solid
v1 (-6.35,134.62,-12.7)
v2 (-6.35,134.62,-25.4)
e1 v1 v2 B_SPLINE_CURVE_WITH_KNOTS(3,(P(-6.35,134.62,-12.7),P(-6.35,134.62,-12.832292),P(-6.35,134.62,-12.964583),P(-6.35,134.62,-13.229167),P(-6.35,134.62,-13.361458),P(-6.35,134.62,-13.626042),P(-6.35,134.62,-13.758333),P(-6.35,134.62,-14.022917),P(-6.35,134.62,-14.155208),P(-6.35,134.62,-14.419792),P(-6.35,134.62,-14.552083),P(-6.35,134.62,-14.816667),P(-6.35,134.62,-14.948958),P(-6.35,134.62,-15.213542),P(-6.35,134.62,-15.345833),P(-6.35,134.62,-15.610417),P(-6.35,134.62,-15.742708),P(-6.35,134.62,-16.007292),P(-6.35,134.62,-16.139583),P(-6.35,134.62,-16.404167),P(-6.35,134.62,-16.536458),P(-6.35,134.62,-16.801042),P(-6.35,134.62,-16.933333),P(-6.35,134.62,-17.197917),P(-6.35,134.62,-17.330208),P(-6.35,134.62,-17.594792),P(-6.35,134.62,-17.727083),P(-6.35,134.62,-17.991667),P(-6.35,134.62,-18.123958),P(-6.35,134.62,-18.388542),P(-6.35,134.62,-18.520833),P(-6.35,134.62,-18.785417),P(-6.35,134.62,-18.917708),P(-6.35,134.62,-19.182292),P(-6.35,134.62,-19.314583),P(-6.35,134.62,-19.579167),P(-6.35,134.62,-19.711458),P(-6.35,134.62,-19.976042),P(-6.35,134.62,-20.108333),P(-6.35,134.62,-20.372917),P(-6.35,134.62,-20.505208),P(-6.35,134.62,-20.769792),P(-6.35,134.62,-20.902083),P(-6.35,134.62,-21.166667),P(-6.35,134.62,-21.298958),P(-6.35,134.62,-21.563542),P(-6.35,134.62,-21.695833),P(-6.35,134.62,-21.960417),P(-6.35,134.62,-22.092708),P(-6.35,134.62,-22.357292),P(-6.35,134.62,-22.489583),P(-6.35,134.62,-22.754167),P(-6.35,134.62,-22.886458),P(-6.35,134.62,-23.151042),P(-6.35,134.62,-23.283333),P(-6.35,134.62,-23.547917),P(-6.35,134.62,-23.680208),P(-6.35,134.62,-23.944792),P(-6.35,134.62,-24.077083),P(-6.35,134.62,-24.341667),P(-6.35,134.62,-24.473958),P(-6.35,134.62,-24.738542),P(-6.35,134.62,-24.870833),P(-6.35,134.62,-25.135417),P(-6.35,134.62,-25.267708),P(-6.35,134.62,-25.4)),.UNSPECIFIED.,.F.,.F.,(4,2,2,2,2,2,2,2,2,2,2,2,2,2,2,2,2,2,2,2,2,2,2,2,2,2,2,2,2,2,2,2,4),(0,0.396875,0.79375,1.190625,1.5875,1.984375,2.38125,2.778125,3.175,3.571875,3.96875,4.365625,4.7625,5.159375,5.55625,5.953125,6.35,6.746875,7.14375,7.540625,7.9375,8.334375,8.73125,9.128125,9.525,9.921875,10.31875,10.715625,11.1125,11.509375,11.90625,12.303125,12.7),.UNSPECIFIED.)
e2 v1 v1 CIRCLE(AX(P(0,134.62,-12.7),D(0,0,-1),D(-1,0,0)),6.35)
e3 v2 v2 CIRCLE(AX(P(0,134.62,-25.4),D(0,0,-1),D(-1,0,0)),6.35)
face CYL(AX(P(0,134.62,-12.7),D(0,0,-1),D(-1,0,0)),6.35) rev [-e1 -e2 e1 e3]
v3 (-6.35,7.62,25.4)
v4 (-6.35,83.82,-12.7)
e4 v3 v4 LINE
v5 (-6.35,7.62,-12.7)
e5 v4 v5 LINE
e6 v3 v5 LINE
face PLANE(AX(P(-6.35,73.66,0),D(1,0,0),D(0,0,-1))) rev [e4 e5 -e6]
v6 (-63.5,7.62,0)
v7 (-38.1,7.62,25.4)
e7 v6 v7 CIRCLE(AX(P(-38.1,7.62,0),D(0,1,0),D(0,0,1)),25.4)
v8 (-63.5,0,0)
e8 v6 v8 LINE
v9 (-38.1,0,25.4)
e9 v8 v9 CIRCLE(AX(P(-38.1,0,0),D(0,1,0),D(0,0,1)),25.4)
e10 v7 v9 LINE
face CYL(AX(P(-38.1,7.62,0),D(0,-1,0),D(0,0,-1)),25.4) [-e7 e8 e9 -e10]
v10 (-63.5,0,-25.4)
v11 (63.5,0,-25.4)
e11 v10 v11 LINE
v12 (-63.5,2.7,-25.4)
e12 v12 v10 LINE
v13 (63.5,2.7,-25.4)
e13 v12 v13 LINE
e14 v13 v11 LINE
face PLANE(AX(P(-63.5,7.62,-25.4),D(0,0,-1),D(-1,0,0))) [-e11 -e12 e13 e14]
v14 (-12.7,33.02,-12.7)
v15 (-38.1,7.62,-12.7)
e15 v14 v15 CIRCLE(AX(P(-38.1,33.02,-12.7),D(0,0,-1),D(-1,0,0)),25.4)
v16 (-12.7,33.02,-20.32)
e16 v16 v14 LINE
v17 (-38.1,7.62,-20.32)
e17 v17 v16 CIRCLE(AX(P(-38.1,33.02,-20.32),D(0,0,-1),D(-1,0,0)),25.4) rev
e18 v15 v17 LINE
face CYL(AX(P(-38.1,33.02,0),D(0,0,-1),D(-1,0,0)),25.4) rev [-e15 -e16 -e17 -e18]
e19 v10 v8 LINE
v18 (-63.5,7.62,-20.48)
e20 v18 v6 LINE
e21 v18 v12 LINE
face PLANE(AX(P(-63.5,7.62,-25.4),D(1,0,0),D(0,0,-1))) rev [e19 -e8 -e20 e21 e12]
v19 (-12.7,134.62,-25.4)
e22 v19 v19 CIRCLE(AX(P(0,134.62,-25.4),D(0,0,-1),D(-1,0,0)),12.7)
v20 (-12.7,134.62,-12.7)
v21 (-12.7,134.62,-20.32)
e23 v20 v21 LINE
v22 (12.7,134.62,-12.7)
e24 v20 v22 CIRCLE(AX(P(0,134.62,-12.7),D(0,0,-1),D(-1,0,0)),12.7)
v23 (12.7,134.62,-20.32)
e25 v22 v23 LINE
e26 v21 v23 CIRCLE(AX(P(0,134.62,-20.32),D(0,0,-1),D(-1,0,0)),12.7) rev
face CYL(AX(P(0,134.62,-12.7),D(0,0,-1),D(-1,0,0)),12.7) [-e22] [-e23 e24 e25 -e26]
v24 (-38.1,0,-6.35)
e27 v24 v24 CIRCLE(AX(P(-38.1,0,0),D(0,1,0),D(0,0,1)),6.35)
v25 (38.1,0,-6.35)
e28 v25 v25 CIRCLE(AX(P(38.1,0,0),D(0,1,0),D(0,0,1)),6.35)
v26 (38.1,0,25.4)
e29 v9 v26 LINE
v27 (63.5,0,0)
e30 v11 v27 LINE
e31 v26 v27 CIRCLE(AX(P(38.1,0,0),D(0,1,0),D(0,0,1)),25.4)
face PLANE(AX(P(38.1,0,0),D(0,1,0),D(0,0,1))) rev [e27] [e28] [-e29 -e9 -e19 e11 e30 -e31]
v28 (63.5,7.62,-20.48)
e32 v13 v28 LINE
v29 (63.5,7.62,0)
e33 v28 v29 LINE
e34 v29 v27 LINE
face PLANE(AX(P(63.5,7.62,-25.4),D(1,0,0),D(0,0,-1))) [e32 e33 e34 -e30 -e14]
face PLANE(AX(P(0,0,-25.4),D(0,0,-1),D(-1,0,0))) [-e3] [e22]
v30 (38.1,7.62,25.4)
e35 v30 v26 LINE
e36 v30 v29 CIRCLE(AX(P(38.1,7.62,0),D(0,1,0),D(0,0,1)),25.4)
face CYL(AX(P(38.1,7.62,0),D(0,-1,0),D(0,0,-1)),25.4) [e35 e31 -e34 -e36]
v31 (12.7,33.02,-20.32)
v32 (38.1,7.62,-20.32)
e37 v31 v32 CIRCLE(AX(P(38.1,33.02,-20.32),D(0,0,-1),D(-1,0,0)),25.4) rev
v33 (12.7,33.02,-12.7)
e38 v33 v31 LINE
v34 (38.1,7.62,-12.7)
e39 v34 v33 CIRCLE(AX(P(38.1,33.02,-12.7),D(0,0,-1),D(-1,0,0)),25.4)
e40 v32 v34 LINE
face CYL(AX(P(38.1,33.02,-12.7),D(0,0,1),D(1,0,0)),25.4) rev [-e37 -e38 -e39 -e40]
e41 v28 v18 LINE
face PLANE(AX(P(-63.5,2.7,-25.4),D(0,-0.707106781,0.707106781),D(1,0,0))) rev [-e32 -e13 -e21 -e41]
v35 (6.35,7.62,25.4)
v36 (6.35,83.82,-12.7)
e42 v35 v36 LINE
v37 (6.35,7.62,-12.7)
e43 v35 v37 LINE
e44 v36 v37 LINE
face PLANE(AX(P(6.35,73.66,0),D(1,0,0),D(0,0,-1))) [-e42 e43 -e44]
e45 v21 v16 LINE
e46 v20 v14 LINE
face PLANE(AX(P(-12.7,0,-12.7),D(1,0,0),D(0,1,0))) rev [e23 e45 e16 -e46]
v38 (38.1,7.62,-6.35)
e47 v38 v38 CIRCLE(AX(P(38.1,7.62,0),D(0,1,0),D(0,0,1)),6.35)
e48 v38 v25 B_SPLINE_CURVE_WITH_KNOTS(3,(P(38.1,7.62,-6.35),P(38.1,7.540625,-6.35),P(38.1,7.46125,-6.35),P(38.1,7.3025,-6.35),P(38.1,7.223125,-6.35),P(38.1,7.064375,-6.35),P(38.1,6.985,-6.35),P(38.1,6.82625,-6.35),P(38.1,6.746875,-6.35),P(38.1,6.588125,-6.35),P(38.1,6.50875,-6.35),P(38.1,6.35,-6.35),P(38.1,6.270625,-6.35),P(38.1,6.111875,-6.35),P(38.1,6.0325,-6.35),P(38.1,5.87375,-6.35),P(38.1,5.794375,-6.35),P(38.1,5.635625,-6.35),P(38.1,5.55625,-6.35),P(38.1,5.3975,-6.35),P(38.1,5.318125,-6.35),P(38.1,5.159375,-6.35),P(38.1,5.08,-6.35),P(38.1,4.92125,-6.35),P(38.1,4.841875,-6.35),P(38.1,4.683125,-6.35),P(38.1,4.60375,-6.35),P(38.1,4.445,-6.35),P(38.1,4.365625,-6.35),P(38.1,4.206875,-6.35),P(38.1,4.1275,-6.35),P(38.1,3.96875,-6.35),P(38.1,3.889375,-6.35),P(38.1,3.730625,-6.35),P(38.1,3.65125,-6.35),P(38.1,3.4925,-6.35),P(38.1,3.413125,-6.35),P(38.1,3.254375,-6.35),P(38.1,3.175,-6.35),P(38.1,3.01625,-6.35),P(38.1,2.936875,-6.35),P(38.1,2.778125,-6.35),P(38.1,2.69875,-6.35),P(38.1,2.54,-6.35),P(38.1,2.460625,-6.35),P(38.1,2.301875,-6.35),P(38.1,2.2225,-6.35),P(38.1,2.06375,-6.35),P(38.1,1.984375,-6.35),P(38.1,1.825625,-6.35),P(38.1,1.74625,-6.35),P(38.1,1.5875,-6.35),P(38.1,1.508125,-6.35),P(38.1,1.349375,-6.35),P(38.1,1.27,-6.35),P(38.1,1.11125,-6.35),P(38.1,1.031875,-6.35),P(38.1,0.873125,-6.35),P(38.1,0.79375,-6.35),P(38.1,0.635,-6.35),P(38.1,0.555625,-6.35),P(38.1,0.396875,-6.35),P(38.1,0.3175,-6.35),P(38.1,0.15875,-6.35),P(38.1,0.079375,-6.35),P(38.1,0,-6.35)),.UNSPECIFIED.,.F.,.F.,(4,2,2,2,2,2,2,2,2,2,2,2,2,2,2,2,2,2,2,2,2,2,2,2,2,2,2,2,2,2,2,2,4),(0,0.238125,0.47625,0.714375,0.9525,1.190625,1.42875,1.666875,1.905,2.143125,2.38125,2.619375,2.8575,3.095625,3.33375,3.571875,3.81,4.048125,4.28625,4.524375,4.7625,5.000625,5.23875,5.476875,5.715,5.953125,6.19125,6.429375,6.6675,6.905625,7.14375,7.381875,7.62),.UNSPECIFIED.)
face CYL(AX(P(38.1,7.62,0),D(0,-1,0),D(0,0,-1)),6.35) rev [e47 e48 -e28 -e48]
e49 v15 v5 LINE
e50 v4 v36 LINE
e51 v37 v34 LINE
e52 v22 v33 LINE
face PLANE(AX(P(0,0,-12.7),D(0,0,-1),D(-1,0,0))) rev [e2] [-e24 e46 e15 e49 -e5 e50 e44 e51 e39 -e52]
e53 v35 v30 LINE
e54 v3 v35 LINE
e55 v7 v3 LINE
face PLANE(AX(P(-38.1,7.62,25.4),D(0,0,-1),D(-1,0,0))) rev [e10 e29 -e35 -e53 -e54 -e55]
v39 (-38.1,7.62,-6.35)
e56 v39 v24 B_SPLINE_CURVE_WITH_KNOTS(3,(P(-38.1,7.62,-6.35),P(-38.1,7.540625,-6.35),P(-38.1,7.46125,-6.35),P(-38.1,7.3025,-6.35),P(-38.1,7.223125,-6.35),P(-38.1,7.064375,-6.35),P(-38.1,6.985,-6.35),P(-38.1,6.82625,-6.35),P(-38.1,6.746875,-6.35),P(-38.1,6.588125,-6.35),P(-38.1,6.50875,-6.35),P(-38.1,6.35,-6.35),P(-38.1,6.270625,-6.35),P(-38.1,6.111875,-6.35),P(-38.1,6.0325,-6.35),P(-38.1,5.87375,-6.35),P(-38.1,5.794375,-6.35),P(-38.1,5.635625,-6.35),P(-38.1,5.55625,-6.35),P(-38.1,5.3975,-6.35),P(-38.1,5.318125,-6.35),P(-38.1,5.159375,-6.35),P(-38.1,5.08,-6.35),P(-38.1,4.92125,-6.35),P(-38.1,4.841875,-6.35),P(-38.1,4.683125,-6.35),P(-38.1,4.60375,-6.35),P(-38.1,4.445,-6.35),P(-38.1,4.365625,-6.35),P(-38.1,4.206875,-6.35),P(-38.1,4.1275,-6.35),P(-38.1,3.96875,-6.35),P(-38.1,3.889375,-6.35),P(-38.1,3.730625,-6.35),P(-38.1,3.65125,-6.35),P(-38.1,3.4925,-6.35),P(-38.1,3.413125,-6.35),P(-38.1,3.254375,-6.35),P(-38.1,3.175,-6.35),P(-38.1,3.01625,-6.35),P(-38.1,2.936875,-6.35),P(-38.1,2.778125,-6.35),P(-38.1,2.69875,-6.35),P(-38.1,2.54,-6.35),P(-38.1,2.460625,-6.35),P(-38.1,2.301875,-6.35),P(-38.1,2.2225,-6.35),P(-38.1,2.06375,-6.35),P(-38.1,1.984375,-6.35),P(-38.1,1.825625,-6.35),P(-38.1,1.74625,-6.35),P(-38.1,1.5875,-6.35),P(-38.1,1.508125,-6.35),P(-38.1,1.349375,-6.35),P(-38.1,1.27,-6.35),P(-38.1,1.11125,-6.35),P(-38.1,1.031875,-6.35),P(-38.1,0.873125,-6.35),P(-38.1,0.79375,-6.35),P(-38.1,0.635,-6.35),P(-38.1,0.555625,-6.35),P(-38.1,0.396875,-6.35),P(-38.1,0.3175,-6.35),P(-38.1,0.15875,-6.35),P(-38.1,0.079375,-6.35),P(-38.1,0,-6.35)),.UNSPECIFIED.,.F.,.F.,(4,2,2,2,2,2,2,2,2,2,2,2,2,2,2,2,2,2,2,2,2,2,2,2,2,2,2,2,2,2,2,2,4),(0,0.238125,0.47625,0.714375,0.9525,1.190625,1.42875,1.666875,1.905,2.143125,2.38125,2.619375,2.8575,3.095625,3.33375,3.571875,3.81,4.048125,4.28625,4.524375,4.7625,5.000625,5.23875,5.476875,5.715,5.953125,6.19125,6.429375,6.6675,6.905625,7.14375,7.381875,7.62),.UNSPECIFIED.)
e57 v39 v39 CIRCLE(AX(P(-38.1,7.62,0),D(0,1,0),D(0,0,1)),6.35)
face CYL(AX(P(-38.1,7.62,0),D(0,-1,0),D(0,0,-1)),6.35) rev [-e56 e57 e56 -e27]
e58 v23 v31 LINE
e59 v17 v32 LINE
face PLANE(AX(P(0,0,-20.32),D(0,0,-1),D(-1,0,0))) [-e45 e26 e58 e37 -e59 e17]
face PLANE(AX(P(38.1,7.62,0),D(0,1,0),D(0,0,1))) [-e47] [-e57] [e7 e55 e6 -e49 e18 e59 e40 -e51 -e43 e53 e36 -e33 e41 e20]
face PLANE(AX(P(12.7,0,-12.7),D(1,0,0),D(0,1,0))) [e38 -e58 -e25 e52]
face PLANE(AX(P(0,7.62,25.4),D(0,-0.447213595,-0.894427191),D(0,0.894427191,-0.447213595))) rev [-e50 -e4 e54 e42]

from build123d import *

# Parameters (mm, degrees)
SKETCH1_R           = 6.35
BOSS_EXTRUDE1_DEPTH = 7.62
BOSS_EXTRUDE2_START = -5.08
SKETCH4_R           = 6.35
BOSS_EXTRUDE2_DEPTH = 7.62
BOSS_EXTRUDE3_START = 0
SKETCH4_3_R         = 6.35
BOSS_EXTRUDE3_DEPTH = 5.08
FILLET1_R           = 25.4
RIB1_REACH          = 164.421
SKETCH5_WALL_W      = 412.036258646
SKETCH5_WALL_H      = 12.7
CHAMFER1_SIZE       = 4.92


with BuildPart() as part:
    # Sketch1 → Boss-Extrude1 (new body)
    with BuildSketch(Plane(origin=(0, 0, 0), x_dir=(1, 0, 0), z_dir=(0, 1, 0))):
        with BuildLine():
            Line((-63.5, 25.4), (63.5, 25.4))
            Line((63.5, 25.4), (63.5, 0))
            ThreePointArc((63.5, 0), (56.060512242, -17.960512242), (38.1, -25.4))
            Line((38.1, -25.4), (-38.1, -25.4))
            ThreePointArc((-38.1, -25.4), (-56.060512242, -17.960512242), (-63.5, 0))
            Line((-63.5, 0), (-63.5, 25.4))
        make_face()
        with Locations((-38.1, 0)):
            Circle(SKETCH1_R, mode=Mode.SUBTRACT)
        with Locations((38.1, 0)):
            Circle(SKETCH1_R, mode=Mode.SUBTRACT)
    extrude(amount=BOSS_EXTRUDE1_DEPTH)

    # Sketch4 → Boss-Extrude2 (add)
    with BuildSketch(Plane(origin=(0, 0, -25.4), x_dir=(-1, 0, 0), z_dir=(0, 0, -1)).offset(BOSS_EXTRUDE2_START)):
        with BuildLine():
            ThreePointArc((12.7, 134.62), (0, 147.32), (-12.7, 134.62))
            Line((-12.7, 134.62), (-12.7, 7.62))
            Line((-12.7, 7.62), (12.7, 7.62))
            Line((12.7, 7.62), (12.7, 134.62))
        make_face()
        with Locations((0, 134.62)):
            Circle(SKETCH4_R, mode=Mode.SUBTRACT)
    extrude(amount=-BOSS_EXTRUDE2_DEPTH)

    # Sketch4<3> → Boss-Extrude3 (add)
    with BuildSketch(Plane(origin=(0, 0, -25.4), x_dir=(-1, 0, 0), z_dir=(0, 0, -1)).offset(BOSS_EXTRUDE3_START)):
        with BuildLine():
            ThreePointArc((-12.7, 134.62), (0, 121.92), (12.7, 134.62))
            ThreePointArc((12.7, 134.62), (0, 147.32), (-12.7, 134.62))
        make_face()
        with Locations((0, 134.62)):
            Circle(SKETCH4_3_R, mode=Mode.SUBTRACT)
    extrude(amount=-BOSS_EXTRUDE3_DEPTH)

    # Fillet1
    fillet1_edges = [part.edges().sort_by_distance(p)[0] for p in [
        (-12.7, 7.62, -16.51),
        (12.7, 7.62, -16.51),
    ]]
    fillet(fillet1_edges, radius=FILLET1_R)

    # Sketch5 wall → Rib1 (add, up to next)
    with BuildSketch(Plane(origin=(0, 45.72, 6.35), x_dir=(0, 0.894427191, -0.4472135955), z_dir=(0, 0.4472135955, 0.894427191)), mode=Mode.PRIVATE) as rib1_sk1:
        Rectangle(SKETCH5_WALL_W, SKETCH5_WALL_H)
    rib1_tool1 = extrude(rib1_sk1.sketch, amount=-RIB1_REACH, mode=Mode.PRIVATE) - part.part
    add(rib1_tool1.solids().sort_by_distance((0, 45.72, 6.35))[0])

    # Chamfer1
    chamfer1_edges = [part.edges().sort_by_distance(p)[0] for p in [
        (0, 7.62, -25.4),
    ]]
    chamfer(chamfer1_edges, length=CHAMFER1_SIZE)


solid = part.part
